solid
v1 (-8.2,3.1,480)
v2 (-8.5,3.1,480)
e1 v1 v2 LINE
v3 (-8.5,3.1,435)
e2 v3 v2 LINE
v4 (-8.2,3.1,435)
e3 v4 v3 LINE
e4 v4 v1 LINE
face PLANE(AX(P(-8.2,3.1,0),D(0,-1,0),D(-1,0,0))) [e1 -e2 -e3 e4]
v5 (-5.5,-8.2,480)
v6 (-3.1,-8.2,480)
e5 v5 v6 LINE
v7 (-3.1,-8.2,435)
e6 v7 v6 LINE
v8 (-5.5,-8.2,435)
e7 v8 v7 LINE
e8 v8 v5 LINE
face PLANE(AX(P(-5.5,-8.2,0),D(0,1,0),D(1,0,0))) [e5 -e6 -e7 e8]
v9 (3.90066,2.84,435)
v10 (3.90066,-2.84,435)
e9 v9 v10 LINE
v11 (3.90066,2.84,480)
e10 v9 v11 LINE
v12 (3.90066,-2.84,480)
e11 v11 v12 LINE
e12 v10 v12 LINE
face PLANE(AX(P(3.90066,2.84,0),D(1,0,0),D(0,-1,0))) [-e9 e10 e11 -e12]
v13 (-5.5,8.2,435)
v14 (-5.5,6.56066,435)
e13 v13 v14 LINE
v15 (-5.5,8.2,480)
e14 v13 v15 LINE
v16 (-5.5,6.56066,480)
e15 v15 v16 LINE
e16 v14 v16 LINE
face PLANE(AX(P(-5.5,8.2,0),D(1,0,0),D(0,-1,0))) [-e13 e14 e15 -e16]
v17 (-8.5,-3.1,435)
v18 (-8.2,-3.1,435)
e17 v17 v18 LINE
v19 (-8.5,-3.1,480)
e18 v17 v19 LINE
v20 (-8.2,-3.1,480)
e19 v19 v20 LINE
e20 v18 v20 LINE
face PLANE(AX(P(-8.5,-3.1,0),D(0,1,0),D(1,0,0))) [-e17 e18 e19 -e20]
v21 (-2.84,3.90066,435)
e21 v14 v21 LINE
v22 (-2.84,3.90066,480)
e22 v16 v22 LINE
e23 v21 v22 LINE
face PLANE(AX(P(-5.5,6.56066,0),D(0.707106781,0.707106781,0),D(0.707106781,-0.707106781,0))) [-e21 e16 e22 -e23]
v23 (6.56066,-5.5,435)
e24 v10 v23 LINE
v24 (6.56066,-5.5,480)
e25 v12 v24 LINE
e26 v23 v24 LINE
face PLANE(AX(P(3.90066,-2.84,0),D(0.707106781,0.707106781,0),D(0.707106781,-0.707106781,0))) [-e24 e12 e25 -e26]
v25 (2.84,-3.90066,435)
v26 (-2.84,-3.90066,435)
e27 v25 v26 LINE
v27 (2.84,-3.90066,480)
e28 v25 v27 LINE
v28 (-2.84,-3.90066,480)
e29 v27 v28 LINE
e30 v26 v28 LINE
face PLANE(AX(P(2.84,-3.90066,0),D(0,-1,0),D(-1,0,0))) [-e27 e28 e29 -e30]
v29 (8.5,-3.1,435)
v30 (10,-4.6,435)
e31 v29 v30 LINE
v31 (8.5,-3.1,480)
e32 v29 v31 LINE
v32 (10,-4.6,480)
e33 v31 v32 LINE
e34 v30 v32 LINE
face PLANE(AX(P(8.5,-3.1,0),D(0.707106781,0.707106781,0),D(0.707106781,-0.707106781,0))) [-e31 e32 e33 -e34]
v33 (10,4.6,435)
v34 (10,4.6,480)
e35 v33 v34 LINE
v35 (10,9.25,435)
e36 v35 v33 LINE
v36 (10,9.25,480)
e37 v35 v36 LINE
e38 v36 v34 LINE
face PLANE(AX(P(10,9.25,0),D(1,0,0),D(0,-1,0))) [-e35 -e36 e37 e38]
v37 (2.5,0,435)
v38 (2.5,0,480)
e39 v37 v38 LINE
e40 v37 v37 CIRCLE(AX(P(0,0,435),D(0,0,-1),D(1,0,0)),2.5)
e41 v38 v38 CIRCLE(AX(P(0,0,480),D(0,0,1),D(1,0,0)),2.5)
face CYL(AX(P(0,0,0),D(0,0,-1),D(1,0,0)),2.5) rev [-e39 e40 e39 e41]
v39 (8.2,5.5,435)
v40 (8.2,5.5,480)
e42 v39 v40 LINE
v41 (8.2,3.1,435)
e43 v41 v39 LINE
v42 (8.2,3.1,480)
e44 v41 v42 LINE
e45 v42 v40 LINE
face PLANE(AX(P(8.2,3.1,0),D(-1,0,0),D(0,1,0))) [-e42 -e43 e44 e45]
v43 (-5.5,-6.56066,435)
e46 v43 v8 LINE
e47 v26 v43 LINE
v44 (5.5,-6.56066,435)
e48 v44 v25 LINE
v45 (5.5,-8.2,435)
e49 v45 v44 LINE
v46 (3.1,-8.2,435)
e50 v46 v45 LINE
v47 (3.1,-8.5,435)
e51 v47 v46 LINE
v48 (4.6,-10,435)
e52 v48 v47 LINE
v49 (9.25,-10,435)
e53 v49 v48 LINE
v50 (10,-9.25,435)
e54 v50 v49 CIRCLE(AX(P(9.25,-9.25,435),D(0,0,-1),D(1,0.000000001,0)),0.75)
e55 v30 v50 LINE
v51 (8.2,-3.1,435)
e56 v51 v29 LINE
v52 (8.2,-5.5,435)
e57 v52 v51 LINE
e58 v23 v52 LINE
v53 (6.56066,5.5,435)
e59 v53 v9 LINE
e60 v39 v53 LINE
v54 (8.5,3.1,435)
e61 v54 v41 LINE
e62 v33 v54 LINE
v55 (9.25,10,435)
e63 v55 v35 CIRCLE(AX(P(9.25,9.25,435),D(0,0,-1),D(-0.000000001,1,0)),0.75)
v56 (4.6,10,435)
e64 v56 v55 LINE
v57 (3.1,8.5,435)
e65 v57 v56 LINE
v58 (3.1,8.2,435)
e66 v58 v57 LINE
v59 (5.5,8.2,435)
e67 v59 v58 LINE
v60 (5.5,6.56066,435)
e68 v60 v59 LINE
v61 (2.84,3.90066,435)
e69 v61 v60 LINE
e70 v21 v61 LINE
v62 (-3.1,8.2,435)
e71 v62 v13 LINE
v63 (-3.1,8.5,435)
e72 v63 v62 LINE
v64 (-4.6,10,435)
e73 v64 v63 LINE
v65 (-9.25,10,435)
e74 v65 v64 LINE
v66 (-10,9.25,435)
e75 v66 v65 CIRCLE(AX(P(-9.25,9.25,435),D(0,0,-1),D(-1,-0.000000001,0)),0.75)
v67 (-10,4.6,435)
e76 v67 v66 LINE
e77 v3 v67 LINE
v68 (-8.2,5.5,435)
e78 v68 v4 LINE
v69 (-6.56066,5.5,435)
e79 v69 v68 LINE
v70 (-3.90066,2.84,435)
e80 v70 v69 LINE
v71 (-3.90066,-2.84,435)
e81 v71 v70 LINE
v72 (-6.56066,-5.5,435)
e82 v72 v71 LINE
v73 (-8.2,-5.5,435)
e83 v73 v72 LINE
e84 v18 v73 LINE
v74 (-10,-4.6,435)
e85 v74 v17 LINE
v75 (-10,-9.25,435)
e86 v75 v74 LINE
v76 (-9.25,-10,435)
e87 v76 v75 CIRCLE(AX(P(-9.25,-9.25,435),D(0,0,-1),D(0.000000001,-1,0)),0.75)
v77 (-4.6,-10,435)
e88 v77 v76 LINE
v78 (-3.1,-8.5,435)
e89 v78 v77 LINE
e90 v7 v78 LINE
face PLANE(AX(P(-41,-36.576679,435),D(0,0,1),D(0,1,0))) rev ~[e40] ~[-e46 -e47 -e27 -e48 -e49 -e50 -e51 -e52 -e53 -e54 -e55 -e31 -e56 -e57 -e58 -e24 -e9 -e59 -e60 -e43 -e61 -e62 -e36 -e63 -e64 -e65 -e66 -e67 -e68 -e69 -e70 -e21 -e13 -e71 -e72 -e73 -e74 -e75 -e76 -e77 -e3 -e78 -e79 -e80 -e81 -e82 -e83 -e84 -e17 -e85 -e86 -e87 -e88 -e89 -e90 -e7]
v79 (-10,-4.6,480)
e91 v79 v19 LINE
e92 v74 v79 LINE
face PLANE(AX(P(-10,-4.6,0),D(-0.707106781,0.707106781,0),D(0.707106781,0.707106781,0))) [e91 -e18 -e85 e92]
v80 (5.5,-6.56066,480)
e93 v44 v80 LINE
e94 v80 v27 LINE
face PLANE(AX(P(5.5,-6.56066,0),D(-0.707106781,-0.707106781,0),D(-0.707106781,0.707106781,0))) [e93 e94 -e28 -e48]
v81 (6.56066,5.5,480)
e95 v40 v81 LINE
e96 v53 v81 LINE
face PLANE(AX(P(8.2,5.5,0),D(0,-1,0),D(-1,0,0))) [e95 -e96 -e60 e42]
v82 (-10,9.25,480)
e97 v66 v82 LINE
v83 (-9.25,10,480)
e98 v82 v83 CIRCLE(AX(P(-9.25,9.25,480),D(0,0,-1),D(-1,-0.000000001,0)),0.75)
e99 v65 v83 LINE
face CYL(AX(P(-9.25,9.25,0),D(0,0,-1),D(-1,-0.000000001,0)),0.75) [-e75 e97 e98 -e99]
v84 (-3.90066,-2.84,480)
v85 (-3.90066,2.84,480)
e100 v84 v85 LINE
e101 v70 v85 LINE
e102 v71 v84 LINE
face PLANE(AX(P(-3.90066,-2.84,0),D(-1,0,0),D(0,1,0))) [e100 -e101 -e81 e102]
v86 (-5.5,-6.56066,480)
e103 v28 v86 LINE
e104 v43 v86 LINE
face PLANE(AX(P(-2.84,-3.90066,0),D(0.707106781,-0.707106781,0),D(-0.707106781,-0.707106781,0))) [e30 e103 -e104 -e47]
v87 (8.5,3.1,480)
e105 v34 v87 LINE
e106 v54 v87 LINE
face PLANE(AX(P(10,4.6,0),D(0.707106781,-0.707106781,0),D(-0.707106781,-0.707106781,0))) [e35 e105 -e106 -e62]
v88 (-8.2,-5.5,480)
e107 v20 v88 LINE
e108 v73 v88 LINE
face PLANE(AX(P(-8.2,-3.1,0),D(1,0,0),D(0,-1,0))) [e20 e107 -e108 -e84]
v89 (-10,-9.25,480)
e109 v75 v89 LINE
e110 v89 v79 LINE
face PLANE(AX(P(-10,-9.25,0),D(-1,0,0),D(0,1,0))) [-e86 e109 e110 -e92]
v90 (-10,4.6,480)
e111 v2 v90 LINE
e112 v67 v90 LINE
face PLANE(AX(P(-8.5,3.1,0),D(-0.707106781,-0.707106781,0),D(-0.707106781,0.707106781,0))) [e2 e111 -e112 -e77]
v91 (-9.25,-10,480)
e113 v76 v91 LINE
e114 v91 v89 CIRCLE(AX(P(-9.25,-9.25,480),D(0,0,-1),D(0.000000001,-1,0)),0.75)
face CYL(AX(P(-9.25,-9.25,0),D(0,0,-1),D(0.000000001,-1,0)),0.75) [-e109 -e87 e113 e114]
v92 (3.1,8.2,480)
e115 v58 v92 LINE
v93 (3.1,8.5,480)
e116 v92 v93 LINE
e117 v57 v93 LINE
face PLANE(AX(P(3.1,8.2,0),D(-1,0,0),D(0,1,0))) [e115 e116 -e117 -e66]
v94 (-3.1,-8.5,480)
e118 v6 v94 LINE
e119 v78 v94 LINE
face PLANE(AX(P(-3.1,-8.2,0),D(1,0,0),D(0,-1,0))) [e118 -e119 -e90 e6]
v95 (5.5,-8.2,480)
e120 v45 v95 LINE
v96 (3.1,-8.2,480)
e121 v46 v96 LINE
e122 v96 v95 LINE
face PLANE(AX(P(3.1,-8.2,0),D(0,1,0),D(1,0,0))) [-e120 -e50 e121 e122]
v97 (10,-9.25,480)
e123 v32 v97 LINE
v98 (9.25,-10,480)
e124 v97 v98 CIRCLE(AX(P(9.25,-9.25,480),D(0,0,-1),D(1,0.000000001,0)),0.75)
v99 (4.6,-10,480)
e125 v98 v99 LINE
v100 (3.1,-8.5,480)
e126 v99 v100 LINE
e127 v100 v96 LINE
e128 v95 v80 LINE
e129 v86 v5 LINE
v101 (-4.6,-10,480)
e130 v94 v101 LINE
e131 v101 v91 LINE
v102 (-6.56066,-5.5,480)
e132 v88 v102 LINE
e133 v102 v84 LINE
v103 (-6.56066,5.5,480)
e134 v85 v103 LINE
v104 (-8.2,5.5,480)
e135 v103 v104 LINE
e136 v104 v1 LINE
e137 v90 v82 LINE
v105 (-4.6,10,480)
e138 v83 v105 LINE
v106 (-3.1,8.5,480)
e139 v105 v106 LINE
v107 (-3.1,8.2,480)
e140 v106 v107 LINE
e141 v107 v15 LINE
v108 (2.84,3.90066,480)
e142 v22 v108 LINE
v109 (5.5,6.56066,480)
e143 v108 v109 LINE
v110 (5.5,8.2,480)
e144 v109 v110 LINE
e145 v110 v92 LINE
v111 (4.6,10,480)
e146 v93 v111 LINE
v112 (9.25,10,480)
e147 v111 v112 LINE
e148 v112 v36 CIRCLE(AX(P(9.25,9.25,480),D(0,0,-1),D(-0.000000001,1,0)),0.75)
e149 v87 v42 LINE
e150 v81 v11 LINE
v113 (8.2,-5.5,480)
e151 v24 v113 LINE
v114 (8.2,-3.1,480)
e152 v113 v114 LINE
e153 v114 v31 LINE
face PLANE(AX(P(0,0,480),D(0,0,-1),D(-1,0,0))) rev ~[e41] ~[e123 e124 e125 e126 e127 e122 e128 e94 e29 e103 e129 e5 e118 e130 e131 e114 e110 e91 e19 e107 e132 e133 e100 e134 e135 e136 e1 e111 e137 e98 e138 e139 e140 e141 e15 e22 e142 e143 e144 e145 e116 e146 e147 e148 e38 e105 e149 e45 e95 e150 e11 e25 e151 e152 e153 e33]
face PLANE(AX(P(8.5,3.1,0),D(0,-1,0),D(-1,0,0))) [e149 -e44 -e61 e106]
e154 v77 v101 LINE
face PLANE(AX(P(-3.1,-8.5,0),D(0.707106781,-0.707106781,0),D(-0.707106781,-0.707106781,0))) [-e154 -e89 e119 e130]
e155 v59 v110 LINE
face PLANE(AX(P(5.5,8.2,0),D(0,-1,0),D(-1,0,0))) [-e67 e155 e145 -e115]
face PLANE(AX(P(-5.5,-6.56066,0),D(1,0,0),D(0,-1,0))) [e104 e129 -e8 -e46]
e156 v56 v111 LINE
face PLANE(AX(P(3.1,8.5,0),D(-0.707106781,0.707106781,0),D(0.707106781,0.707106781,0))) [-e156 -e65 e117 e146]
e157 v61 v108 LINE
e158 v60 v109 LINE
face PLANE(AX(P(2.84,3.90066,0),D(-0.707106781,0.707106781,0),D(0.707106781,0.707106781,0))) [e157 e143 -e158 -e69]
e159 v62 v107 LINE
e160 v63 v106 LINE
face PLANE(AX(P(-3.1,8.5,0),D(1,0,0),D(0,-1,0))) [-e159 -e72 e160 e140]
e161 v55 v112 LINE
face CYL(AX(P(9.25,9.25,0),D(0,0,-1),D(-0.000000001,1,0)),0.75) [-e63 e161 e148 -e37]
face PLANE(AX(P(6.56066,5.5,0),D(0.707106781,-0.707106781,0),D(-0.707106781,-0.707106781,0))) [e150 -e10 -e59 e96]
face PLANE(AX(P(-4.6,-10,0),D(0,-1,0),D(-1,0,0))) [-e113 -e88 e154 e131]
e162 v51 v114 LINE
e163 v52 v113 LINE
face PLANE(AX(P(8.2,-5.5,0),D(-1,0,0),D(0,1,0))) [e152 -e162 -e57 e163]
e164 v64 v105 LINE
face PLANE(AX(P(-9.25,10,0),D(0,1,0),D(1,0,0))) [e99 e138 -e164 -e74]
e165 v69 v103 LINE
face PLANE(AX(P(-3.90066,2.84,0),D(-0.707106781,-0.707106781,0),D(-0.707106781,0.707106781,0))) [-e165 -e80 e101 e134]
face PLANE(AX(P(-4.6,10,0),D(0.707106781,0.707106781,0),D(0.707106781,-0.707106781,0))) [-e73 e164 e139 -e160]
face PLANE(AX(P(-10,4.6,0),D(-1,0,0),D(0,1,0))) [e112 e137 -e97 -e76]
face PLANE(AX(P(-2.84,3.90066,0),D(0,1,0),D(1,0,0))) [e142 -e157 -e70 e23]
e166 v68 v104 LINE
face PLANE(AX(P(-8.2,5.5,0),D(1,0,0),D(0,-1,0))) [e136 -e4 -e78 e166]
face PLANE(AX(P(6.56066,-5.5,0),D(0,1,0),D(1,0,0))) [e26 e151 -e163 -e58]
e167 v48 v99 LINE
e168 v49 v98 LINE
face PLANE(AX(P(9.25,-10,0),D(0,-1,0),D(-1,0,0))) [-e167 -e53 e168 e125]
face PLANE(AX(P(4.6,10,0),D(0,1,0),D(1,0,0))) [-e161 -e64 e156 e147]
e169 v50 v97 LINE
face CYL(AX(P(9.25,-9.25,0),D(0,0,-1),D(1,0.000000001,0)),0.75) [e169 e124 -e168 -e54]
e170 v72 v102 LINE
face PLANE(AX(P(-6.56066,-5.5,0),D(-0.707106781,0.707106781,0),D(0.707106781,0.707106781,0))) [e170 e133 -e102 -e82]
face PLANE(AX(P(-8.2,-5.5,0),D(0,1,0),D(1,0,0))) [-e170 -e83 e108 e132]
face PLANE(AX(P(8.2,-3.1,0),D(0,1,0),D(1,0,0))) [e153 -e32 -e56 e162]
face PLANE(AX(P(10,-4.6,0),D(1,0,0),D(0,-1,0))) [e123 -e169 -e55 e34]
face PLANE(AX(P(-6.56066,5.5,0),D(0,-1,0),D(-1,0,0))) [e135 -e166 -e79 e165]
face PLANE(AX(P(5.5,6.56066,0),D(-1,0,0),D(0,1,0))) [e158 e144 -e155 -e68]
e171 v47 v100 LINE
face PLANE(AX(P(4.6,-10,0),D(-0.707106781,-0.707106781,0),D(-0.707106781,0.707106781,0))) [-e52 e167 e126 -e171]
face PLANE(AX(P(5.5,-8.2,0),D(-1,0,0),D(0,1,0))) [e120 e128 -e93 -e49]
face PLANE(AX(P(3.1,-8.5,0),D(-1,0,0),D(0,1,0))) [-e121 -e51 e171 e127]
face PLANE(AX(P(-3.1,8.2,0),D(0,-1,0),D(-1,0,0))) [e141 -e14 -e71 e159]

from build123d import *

# Parameters (mm, degrees)
CROQUIS1_R              = 2.5
SALIENTE_EXTRUIR1_DEPTH = 480
CUT_EXTRUDE1_DEPTH      = 25
CUT_EXTRUDE1_DEPTH_BACK = 24
SKETCH2_W               = 600
SKETCH2_H               = 26.97008712
CUT_EXTRUDE4_DEPTH      = 21
CUT_EXTRUDE4_DEPTH_BACK = 41
SKETCH4_W               = 140
SKETCH4_H               = 71.605139047


with BuildPart() as part:
    # Croquis1 → Saliente-Extruir1 (new body)
    with BuildSketch(Plane.XY):
        with BuildLine():
            Line((-4.6, 10), (-3.1, 8.5))
            Line((-3.1, 8.5), (-3.1, 8.2))
            Line((-3.1, 8.2), (-5.5, 8.2))
            Line((-5.5, 8.2), (-5.5, 6.560660172))
            Line((-5.5, 6.560660172), (-2.84, 3.900660172))
            Line((-2.84, 3.900660172), (0, 3.900660172))
            Line((0, 3.900660172), (2.84, 3.900660172))
            Line((2.84, 3.900660172), (5.5, 6.560660172))
            Line((5.5, 6.560660172), (5.5, 8.2))
            Line((5.5, 8.2), (3.1, 8.2))
            Line((3.1, 8.2), (3.1, 8.5))
            Line((3.1, 8.5), (4.6, 10))
            Line((4.6, 10), (9.25, 10))
            ThreePointArc((9.25, 10), (9.780330086, 9.780330086), (10, 9.25))
            Line((10, 9.25), (10, 4.6))
            Line((10, 4.6), (8.5, 3.1))
            Line((8.5, 3.1), (8.2, 3.1))
            Line((8.2, 3.1), (8.2, 5.5))
            Line((8.2, 5.5), (6.560660172, 5.5))
            Line((6.560660172, 5.5), (3.900660172, 2.84))
            Line((3.900660172, 2.84), (3.900660172, 0))
            Line((3.900660172, 0), (3.900660172, -2.84))
            Line((3.900660172, -2.84), (6.560660172, -5.5))
            Line((6.560660172, -5.5), (8.2, -5.5))
            Line((8.2, -5.5), (8.2, -3.1))
            Line((8.2, -3.1), (8.5, -3.1))
            Line((8.5, -3.1), (10, -4.6))
            Line((10, -4.6), (10, -9.25))
            ThreePointArc((10, -9.25), (9.780330086, -9.780330086), (9.25, -10))
            Line((9.25, -10), (4.6, -10))
            Line((4.6, -10), (3.1, -8.5))
            Line((3.1, -8.5), (3.1, -8.2))
            Line((3.1, -8.2), (5.5, -8.2))
            Line((5.5, -8.2), (5.5, -6.560660172))
            Line((5.5, -6.560660172), (2.84, -3.900660172))
            Line((2.84, -3.900660172), (0, -3.900660172))
            Line((0, -3.900660172), (-2.84, -3.900660172))
            Line((-2.84, -3.900660172), (-5.5, -6.560660172))
            Line((-5.5, -6.560660172), (-5.5, -8.2))
            Line((-5.5, -8.2), (-3.1, -8.2))
            Line((-3.1, -8.2), (-3.1, -8.5))
            Line((-3.1, -8.5), (-4.6, -10))
            Line((-4.6, -10), (-9.25, -10))
            ThreePointArc((-9.25, -10), (-9.780330086, -9.780330086), (-10, -9.25))
            Line((-10, -9.25), (-10, -4.6))
            Line((-10, -4.6), (-8.5, -3.1))
            Line((-8.5, -3.1), (-8.2, -3.1))
            Line((-8.2, -3.1), (-8.2, -5.5))
            Line((-8.2, -5.5), (-6.560660172, -5.5))
            Line((-6.560660172, -5.5), (-3.900660172, -2.84))
            Line((-3.900660172, -2.84), (-3.900660172, 0))
            Line((-3.900660172, 0), (-3.900660172, 2.84))
            Line((-3.900660172, 2.84), (-6.560660172, 5.5))
            Line((-6.560660172, 5.5), (-8.2, 5.5))
            Line((-8.2, 5.5), (-8.2, 3.1))
            Line((-8.2, 3.1), (-8.5, 3.1))
            Line((-8.5, 3.1), (-10, 4.6))
            Line((-10, 4.6), (-10, 9.25))
            ThreePointArc((-10, 9.25), (-9.780330086, 9.780330086), (-9.25, 10))
            Line((-9.25, 10), (-4.6, 10))
        make_face()
        Circle(CROQUIS1_R, mode=Mode.SUBTRACT)
    extrude(amount=SALIENTE_EXTRUIR1_DEPTH)

    # Sketch2 → Cut-Extrude1 (cut, two sides: drawn at the far end of the back side and taken through both)
    with BuildSketch(Plane(origin=(0, 0, 0), x_dir=(0, 0, -1), z_dir=(1, 0, 0)).offset(-CUT_EXTRUDE1_DEPTH_BACK)):
        Rectangle(SKETCH2_W, SKETCH2_H)
    extrude(amount=CUT_EXTRUDE1_DEPTH + CUT_EXTRUDE1_DEPTH_BACK, mode=Mode.SUBTRACT)

    # Sketch4 → Cut-Extrude4 (cut, two sides: drawn at the far end of the back side and taken through both)
    with BuildSketch(Plane(origin=(0, 0, 0), x_dir=(0, 0, -1), z_dir=(1, 0, 0)).offset(-CUT_EXTRUDE4_DEPTH_BACK)):
        with Locations((-365, -0.774109611)):
            Rectangle(SKETCH4_W, SKETCH4_H)
    extrude(amount=CUT_EXTRUDE4_DEPTH + CUT_EXTRUDE4_DEPTH_BACK, mode=Mode.SUBTRACT)


solid = part.part
